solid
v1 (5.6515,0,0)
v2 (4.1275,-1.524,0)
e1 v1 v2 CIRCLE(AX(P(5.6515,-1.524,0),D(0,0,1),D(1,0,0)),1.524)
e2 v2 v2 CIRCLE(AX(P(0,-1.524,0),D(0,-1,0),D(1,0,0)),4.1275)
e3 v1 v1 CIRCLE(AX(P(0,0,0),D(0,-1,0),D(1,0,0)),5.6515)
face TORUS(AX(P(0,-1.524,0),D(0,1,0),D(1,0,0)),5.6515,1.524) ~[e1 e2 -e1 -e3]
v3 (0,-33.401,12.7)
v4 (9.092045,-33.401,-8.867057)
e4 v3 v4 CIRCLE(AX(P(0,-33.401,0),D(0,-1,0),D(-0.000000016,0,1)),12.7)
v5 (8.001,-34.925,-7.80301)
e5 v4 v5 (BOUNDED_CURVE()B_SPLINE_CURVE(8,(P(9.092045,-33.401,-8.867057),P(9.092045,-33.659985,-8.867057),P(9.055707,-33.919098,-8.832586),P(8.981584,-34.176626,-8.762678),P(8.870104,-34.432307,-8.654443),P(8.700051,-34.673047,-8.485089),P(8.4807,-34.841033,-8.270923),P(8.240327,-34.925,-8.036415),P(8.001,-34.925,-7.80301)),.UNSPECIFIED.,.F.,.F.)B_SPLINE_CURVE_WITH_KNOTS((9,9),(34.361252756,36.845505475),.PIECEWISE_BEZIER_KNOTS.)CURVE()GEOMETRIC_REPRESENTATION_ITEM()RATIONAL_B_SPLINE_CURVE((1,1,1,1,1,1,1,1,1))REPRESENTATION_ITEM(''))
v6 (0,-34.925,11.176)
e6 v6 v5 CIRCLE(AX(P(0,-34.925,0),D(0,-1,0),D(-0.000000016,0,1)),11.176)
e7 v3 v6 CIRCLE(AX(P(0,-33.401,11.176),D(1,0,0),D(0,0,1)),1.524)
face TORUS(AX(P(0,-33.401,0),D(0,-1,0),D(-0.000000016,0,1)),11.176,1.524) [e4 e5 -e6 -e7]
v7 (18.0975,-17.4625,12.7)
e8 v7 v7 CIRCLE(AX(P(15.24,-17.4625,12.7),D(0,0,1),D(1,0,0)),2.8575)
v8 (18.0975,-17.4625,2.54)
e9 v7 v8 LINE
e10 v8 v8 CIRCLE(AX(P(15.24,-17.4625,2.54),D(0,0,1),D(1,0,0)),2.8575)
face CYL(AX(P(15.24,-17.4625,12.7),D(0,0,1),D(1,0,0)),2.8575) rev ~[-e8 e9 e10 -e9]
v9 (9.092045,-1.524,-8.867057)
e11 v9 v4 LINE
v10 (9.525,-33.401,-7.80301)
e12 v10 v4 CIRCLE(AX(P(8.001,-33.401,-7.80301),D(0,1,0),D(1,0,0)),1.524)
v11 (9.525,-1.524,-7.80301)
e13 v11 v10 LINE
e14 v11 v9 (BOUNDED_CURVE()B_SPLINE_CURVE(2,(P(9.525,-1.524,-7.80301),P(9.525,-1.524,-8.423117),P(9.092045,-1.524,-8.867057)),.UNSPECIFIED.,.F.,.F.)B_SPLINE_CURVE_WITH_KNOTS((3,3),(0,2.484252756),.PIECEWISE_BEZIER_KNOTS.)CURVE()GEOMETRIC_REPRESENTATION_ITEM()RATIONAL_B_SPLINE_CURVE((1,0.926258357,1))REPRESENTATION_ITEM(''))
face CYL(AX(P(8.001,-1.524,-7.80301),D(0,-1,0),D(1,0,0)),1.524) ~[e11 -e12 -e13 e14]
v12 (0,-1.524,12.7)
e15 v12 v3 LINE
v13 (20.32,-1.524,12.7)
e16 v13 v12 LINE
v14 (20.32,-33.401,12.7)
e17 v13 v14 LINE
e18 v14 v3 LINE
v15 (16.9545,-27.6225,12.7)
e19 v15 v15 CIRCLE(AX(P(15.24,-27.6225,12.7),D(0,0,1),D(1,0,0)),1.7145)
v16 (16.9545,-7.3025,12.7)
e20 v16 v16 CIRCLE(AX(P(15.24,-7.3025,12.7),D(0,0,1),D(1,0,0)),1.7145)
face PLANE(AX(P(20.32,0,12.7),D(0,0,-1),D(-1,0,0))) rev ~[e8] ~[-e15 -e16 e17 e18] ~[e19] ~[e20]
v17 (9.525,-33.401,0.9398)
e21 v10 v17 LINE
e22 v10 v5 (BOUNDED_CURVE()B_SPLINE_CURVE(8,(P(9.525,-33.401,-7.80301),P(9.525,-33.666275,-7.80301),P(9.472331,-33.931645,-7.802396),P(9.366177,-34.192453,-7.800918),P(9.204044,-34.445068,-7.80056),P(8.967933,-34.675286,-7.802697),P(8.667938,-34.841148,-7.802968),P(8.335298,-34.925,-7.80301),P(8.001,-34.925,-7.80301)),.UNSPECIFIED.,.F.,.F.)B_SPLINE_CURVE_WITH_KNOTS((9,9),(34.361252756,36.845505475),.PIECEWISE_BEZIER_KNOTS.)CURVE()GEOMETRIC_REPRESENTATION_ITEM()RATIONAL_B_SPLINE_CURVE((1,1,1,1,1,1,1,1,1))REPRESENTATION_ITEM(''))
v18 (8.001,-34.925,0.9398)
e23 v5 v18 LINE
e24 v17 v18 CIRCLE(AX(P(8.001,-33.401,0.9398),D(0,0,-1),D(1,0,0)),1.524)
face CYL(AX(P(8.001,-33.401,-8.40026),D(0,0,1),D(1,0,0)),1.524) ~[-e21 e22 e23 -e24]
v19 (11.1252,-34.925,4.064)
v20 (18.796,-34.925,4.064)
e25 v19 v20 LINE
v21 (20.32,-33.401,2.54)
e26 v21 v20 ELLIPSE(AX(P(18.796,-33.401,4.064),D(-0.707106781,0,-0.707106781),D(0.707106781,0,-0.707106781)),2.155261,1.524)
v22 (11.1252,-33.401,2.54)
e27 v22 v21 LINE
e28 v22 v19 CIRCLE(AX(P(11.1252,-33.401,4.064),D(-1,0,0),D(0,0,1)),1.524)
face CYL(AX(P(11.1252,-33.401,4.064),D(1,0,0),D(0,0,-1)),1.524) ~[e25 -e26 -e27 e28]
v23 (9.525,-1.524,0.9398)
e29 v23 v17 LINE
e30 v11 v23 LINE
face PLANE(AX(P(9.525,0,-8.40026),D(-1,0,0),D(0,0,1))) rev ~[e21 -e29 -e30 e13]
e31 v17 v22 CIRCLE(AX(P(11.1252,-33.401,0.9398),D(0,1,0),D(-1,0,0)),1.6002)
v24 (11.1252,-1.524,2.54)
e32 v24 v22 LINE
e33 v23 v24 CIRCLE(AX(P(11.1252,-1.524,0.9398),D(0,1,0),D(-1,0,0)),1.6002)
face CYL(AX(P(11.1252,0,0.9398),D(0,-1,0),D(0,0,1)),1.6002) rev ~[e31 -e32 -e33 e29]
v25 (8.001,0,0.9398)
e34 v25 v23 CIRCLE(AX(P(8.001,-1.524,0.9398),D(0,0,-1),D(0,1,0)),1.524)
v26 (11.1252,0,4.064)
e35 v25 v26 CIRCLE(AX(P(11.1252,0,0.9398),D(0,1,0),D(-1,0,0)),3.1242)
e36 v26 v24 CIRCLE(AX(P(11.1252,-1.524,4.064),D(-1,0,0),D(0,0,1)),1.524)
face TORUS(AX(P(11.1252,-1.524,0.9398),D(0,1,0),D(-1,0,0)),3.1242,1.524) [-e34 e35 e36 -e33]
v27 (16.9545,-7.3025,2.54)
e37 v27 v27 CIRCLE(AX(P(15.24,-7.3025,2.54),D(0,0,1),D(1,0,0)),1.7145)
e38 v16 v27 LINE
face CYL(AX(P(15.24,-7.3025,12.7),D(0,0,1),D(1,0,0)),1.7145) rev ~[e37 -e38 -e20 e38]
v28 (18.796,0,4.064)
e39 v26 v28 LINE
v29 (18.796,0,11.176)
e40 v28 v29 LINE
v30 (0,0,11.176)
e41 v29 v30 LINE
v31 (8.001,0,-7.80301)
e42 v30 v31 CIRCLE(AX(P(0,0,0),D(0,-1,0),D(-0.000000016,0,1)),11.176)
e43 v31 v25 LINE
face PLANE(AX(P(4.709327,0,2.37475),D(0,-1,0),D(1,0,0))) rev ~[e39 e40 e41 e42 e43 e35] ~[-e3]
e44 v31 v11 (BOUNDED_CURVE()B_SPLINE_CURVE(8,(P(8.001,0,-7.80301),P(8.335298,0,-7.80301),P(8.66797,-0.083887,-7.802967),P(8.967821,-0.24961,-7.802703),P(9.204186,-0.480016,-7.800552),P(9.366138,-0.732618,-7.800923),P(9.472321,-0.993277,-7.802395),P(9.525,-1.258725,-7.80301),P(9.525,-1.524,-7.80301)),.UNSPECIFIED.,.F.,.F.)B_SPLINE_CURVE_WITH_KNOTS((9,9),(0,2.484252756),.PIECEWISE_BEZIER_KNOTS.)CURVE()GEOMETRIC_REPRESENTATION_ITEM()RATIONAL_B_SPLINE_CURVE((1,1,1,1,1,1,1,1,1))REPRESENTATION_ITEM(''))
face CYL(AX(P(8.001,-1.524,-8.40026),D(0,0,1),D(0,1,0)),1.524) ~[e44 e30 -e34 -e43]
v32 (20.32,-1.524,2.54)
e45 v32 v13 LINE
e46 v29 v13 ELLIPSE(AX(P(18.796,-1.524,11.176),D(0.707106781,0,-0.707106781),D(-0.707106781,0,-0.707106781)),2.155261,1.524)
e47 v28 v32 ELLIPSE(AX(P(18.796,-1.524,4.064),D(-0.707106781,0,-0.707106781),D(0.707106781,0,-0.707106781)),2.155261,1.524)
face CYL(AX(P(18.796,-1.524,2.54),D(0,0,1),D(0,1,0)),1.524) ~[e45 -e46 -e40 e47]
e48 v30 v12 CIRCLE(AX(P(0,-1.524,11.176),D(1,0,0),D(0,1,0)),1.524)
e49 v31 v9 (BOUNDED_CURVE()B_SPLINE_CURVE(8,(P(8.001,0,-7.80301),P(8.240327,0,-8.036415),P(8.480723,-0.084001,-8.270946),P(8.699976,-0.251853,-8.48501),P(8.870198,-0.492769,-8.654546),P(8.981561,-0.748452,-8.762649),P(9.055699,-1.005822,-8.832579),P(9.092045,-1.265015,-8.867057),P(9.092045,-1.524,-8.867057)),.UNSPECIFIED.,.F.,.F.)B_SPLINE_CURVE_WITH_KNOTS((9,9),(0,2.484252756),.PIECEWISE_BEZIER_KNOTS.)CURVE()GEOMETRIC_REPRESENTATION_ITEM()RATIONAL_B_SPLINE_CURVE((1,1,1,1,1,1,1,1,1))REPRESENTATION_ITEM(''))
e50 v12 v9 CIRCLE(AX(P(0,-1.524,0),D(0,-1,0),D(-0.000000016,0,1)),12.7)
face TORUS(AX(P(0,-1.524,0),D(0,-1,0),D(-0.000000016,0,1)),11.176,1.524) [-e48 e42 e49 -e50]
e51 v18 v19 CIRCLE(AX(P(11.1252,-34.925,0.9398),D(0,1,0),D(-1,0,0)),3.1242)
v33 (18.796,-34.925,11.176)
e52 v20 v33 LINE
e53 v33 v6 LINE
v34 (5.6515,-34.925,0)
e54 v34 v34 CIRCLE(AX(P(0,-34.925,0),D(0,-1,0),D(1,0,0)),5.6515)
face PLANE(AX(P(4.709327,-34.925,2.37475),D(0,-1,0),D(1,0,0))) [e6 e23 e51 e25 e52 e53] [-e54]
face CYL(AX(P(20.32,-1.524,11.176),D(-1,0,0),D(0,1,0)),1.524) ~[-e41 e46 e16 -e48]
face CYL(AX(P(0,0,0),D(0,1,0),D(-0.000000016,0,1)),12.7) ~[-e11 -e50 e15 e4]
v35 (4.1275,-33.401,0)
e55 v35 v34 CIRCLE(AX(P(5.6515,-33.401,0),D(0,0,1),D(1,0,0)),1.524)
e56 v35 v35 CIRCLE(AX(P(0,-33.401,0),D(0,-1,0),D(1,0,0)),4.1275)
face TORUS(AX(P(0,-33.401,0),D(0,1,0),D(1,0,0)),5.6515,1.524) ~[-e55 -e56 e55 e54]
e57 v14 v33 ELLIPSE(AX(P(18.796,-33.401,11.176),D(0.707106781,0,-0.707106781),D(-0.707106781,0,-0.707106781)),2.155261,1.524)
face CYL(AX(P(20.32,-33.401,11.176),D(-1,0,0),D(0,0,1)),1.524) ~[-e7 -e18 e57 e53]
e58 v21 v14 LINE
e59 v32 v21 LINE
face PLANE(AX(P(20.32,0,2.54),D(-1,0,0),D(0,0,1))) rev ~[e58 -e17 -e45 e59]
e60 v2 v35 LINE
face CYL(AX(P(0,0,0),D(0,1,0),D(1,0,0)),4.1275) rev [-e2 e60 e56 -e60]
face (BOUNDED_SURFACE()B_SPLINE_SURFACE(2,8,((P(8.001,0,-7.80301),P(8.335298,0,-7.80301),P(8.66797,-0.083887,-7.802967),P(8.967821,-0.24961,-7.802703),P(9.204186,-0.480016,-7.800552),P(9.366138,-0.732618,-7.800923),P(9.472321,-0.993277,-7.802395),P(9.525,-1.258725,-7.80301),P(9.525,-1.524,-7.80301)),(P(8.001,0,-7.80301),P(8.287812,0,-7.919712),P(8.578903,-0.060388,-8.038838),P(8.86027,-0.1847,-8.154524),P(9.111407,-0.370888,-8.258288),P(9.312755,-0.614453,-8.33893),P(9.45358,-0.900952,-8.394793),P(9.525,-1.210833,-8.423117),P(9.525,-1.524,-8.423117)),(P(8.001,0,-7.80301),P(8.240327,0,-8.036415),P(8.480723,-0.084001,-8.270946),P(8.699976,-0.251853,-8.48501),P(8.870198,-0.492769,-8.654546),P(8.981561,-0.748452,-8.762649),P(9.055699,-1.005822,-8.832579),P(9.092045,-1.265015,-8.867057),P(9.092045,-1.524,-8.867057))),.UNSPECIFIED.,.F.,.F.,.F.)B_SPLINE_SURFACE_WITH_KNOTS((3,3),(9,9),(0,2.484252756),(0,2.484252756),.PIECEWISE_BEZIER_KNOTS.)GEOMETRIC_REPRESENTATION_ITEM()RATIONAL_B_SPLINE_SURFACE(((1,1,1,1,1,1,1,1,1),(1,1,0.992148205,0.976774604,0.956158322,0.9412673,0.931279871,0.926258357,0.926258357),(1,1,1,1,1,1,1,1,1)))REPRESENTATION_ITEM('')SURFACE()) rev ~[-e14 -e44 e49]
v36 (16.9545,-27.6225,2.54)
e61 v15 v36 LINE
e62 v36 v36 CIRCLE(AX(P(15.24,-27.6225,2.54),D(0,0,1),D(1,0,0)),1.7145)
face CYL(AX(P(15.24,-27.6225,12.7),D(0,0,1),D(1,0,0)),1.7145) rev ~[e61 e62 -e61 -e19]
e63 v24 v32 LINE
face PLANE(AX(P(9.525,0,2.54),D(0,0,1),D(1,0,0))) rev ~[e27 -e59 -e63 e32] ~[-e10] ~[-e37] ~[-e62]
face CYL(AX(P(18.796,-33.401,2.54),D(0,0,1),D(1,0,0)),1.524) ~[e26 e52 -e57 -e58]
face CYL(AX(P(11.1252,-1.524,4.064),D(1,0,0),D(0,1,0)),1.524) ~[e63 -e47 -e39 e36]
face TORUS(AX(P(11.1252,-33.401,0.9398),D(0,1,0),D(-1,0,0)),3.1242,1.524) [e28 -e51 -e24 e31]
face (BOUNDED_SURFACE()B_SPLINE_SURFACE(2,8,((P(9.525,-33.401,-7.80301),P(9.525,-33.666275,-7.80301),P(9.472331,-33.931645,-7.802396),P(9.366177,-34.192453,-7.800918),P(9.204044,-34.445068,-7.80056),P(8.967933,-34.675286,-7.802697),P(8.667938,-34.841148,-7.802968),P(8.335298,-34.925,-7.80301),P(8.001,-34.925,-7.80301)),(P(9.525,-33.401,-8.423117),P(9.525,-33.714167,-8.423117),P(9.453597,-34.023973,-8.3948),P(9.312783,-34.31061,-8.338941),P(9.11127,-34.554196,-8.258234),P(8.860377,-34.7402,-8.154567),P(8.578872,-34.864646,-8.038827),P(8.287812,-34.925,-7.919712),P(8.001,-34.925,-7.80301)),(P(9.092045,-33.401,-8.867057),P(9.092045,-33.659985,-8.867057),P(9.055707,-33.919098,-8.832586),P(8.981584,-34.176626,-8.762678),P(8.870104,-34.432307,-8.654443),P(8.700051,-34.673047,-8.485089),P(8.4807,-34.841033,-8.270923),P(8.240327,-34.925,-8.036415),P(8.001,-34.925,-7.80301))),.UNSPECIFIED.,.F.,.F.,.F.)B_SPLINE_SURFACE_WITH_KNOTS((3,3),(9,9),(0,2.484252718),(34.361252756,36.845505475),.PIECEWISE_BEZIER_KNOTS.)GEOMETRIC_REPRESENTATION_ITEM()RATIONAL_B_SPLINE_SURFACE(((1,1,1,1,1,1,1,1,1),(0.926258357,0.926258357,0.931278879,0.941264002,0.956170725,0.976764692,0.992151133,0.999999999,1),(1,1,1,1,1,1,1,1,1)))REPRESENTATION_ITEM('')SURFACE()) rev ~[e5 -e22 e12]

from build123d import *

# Parameters (mm, degrees)
F0_R     = 4.1275
F1_DEPTH = 34.925
F2_R     = 2.8575
F2_R_2   = 1.7145
F3_DEPTH = 25.4
F4_R     = 1.6002
F5_R     = 1.524
F6_R     = 1.524
F7_R     = 1.524


with BuildPart() as f1:
    # F0 (on Front) → F1 (new body)
    with BuildSketch(Plane.XZ):
        with BuildLine():
            Line((20.32, 12.7), (0, 12.7))
            ThreePointArc((0, 12.7), (-11.57526, -5.22526), (9.525, -8.40026))
            Line((9.525, -8.40026), (9.525, 2.54))
            Line((9.525, 2.54), (12.443408, 2.54))
            Line((12.443408, 2.54), (20.32, 2.54))
            Line((20.32, 2.54), (20.32, 12.7))
        make_face()
        Circle(F0_R, mode=Mode.SUBTRACT)
    extrude(amount=F1_DEPTH)

    # F2 (on face) → F3 (cut)
    with BuildSketch(Plane.XY.offset(12.7)):
        with Locations((15.24, -17.4625)):
            Circle(F2_R)
        with Locations((15.24, -27.6225)):
            Circle(F2_R_2)
        with Locations((15.24, -7.3025)):
            Circle(F2_R_2)
    extrude(amount=-F3_DEPTH, mode=Mode.SUBTRACT)

    # F4
    f4_edges = [f1.edges().sort_by_distance(p)[0] for p in [
        (9.525, -17.4625, 2.54),
    ]]
    fillet(f4_edges, radius=F4_R)

    # F5
    f5_edges = [f1.edges().sort_by_distance(p)[0] for p in [
        (9.525, -34.925, -3.73023),
        (9.993688, -34.925, 2.071312),
        (-11.57526, -34.925, -5.22526),
        (15.7226, -34.925, 2.54),
        (10.16, -34.925, 12.7),
        (20.32, -34.925, 7.62),
        (-4.1275, -34.925, 0),
    ]]
    fillet(f5_edges, radius=F5_R)

    # F6
    f6_edges = [f1.edges().sort_by_distance(p)[0] for p in [
        (9.525, 0, -3.73023),
        (9.993688, 0, 2.071312),
        (-11.57526, 0, -5.22526),
        (15.7226, 0, 2.54),
        (10.16, 0, 12.7),
        (20.32, 0, 7.62),
        (-4.1275, 0, 0),
    ]]
    fillet(f6_edges, radius=F6_R)

    # F7
    f7_edges = [f1.edges().sort_by_distance(p)[0] for p in [
        (9.525, -17.4625, -8.40026),
    ]]
    fillet(f7_edges, radius=F7_R)


solid = f1.part
